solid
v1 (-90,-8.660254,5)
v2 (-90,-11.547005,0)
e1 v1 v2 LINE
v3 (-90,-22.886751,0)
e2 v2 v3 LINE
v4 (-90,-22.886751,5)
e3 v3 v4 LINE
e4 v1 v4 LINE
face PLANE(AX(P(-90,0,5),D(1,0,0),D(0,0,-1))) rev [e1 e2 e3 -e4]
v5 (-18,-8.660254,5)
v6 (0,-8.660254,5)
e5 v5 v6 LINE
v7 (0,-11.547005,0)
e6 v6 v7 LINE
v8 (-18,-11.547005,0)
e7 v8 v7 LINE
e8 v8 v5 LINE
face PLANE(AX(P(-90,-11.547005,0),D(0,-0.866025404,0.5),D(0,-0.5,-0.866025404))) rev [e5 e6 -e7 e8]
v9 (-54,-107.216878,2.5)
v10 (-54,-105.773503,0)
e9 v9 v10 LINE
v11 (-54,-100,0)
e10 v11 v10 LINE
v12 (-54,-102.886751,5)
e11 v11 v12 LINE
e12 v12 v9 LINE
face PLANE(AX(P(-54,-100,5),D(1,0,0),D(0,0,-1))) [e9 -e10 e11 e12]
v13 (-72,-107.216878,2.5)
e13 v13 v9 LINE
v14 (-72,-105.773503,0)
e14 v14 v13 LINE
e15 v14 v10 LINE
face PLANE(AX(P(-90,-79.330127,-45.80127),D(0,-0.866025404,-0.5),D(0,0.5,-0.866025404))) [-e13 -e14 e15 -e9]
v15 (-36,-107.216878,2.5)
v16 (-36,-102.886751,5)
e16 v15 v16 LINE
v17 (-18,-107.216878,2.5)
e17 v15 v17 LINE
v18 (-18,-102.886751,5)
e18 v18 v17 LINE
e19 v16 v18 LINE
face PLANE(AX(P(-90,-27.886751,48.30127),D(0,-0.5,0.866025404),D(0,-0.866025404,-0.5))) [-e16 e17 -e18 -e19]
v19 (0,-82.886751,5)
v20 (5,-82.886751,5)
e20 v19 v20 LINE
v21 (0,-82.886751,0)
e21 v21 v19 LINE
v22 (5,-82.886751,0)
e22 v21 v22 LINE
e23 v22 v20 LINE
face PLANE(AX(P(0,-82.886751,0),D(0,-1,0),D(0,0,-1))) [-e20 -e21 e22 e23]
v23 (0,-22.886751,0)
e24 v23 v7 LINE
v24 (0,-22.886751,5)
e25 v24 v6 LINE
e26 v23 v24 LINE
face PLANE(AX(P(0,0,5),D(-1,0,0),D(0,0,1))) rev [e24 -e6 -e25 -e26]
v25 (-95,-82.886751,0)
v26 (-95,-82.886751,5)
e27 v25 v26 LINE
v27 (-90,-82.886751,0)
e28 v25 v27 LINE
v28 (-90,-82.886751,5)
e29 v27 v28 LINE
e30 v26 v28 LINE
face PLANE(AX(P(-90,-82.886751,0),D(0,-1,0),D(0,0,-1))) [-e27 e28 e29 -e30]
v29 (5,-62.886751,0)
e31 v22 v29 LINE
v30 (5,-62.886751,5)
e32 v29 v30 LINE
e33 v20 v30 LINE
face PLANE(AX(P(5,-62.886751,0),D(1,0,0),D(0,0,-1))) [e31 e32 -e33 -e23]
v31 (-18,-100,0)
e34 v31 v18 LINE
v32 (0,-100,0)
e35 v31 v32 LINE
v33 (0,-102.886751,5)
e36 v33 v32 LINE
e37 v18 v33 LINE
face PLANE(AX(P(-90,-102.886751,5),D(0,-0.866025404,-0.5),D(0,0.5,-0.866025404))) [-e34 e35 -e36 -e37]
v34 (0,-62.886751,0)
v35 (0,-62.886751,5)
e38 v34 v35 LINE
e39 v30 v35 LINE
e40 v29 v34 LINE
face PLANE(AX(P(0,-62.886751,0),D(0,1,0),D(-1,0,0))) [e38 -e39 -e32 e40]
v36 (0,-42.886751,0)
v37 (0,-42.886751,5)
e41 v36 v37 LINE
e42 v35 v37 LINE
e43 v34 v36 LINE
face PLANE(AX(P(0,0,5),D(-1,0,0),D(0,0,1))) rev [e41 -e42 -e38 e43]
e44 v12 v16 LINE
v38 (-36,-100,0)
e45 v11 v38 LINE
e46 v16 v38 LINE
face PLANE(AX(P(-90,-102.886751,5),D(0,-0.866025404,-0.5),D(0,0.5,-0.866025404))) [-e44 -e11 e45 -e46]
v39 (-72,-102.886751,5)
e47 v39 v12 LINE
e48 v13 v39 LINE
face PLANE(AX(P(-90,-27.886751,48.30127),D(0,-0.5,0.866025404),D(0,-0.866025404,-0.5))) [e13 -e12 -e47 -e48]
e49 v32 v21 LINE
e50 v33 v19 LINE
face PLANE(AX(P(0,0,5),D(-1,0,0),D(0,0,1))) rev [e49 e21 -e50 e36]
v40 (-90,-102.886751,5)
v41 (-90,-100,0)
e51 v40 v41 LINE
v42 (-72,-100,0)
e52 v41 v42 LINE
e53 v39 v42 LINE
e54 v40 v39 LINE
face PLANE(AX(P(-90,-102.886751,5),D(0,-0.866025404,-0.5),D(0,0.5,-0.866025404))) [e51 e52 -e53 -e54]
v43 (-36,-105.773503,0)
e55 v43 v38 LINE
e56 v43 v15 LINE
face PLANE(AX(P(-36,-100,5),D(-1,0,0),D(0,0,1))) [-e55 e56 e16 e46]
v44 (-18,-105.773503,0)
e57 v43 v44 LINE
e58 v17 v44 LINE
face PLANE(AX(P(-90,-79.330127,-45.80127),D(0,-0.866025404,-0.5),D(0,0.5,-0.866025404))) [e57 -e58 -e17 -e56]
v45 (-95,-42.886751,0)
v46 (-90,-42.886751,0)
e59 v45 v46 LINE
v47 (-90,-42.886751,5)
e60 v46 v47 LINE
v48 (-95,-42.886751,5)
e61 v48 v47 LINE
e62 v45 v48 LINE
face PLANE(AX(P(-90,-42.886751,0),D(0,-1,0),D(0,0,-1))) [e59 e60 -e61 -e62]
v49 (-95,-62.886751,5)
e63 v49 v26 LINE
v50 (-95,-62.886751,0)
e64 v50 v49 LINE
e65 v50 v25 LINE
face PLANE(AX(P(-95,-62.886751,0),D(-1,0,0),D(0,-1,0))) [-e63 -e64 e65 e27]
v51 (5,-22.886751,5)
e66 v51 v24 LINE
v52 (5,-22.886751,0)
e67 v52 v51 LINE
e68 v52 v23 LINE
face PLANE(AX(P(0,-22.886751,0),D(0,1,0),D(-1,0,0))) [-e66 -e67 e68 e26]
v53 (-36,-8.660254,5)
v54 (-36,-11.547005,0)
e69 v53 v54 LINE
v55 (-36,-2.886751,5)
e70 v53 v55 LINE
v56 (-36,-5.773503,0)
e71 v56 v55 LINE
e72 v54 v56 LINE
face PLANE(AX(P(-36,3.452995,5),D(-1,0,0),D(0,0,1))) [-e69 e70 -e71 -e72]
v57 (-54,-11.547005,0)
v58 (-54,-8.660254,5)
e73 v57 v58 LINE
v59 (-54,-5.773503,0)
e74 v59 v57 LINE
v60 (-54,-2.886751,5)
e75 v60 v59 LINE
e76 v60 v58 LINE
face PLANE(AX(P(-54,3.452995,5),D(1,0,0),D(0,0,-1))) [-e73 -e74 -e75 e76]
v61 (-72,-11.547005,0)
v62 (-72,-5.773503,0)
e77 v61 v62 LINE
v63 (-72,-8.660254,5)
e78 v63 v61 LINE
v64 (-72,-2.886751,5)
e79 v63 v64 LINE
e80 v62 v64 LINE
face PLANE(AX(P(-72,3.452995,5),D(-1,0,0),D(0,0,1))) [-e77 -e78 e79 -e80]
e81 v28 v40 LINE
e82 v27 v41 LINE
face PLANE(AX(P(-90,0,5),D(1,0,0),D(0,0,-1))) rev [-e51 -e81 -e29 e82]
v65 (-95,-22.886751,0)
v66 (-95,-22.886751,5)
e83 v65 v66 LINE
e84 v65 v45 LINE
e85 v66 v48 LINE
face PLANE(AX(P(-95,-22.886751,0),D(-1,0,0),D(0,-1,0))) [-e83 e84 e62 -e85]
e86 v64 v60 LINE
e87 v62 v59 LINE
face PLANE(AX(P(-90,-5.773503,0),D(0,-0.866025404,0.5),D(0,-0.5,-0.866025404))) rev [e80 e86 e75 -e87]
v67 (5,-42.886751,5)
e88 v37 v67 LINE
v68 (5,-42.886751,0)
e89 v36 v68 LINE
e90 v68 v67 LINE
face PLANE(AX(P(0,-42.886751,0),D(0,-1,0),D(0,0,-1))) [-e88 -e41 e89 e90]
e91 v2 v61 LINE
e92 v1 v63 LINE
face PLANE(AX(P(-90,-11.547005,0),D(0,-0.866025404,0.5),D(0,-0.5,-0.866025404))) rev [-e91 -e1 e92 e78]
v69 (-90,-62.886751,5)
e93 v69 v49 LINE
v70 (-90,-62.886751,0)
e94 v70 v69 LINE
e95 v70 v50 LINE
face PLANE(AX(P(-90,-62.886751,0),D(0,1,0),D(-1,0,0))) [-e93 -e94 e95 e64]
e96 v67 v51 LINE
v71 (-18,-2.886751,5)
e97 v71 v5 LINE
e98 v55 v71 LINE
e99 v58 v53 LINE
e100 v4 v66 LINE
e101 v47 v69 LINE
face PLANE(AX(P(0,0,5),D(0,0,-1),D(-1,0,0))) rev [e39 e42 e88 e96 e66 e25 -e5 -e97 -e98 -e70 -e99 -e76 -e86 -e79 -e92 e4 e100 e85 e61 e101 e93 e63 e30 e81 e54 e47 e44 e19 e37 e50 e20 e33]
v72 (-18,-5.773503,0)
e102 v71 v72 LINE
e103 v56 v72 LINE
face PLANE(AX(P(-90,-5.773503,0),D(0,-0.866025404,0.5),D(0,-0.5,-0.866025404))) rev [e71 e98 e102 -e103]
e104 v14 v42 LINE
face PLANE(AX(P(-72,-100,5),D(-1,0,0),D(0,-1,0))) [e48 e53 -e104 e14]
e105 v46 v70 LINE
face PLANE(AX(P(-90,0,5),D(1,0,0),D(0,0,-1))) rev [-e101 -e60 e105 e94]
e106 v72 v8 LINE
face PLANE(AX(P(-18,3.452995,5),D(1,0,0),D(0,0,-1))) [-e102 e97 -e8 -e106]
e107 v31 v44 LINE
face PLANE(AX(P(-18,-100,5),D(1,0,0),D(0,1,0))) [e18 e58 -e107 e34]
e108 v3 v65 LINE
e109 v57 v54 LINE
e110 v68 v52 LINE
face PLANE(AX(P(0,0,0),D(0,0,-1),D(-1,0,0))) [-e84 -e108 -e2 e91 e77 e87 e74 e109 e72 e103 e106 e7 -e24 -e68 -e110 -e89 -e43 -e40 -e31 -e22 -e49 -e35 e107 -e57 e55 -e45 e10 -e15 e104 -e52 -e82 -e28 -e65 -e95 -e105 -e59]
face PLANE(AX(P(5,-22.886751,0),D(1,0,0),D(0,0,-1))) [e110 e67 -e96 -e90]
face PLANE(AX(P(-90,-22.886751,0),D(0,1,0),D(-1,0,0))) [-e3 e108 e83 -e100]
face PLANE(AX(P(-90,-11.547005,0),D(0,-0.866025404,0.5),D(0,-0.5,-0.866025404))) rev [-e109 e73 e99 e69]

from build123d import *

# Parameters (mm, degrees)
ESQUISSE1_W             = 90
ESQUISSE1_H             = 100
BOSS_EXTRU_1_DEPTH      = 5
ENL_V_MAT_EXTRU_1_DEPTH = 135.629120178
BOSS_EXTRU_2_DEPTH      = 90
ESQUISSE10_W            = 18
ESQUISSE10_H            = 15
BOSS_EXTRU_4_DEPTH      = 5
ENL_V_MAT_EXTRU_3_DEPTH = 126.676901627
ESQUISSE12_W            = 18
ESQUISSE12_H            = 12
BOSS_EXTRU_5_DEPTH      = 5
ENL_V_MAT_EXTRU_4_DEPTH = 134.240384268
ESQUISSE14_W            = 5
ESQUISSE14_H            = 20
BOSS_EXTRU_6_DEPTH      = 5


with BuildPart() as part:
    # Esquisse1 → Boss.-Extru.1 (new body)
    with BuildSketch(Plane.XY):
        with Locations((-45, -50)):
            Rectangle(ESQUISSE1_W, ESQUISSE1_H)
    extrude(amount=BOSS_EXTRU_1_DEPTH)

    # Esquisse2 → Enlèv. mat.-Extru.1 (cut, through all)
    with BuildSketch(Plane(origin=(0, 0, 0), x_dir=(0, 0, -1), z_dir=(1, 0, 0))):
        Polygon((0, -11.547005384), (-5, -8.660254038), (-5, 0), (0, 0), align=None)
    extrude(amount=-ENL_V_MAT_EXTRU_1_DEPTH, mode=Mode.SUBTRACT)

    # Esquisse3 → Boss.-Extru.2 (add, through all)
    with BuildSketch(Plane(origin=(0, 0, 0), x_dir=(0, 0, -1), z_dir=(1, 0, 0))):
        Polygon((-5, -100), (-5, -102.886751346), (0, -100), align=None)
    extrude(amount=-BOSS_EXTRU_2_DEPTH)

    # Esquisse10 → Boss.-Extru.4 (add, through all)
    with BuildSketch(Plane(origin=(0, 0, 0), x_dir=(-1, 0, 0), z_dir=(0, 0, -1))):
        with Locations((27, -4.047005384)):
            Rectangle(ESQUISSE10_W, ESQUISSE10_H)
        with Locations((63, -4.047005384)):
            Rectangle(ESQUISSE10_W, ESQUISSE10_H)
    extrude(amount=-BOSS_EXTRU_4_DEPTH)

    # Esquisse11 → Enlèv. mat.-Extru.3 (cut, through all)
    with BuildSketch(Plane(origin=(-18, 0, 0), x_dir=(0, 0, -1), z_dir=(1, 0, 0))):
        Polygon((0, -5.773502692), (-5, -2.886751346), (-5, 3.452994616), (0, 3.452994616), align=None)
    extrude(amount=-ENL_V_MAT_EXTRU_3_DEPTH, mode=Mode.SUBTRACT)

    # Esquisse12 → Boss.-Extru.5 (add)
    with BuildSketch(Plane(origin=(0, 0, 0), x_dir=(-1, 0, 0), z_dir=(0, 0, -1))):
        with Locations((27, -106)):
            Rectangle(ESQUISSE12_W, ESQUISSE12_H)
        with Locations((63, -106)):
            Rectangle(ESQUISSE12_W, ESQUISSE12_H)
    extrude(amount=-BOSS_EXTRU_5_DEPTH)

    # Esquisse13 → Enlèv. mat.-Extru.4 (cut, through all)
    with BuildSketch(Plane(origin=(-18, 0, 0), x_dir=(0, 0, -1), z_dir=(1, 0, 0))):
        Polygon((-2.5, -107.216878365), (-5, -102.886751346), (-5, -112), (0, -112), (0, -105.773502692), align=None)
    extrude(amount=-ENL_V_MAT_EXTRU_4_DEPTH, mode=Mode.SUBTRACT)

    # Esquisse14 → Boss.-Extru.6 (add, through all)
    with BuildSketch(Plane.XY.offset(5)):
        with Locations((2.5, -32.886751346)):
            Rectangle(ESQUISSE14_W, ESQUISSE14_H)
        with Locations((2.5, -72.886751346)):
            Rectangle(ESQUISSE14_W, ESQUISSE14_H)
        with Locations((-92.5, -72.886751346)):
            Rectangle(ESQUISSE14_W, ESQUISSE14_H)
        with Locations((-92.5, -32.886751346)):
            Rectangle(ESQUISSE14_W, ESQUISSE14_H)
    extrude(amount=-BOSS_EXTRU_6_DEPTH)


solid = part.part
